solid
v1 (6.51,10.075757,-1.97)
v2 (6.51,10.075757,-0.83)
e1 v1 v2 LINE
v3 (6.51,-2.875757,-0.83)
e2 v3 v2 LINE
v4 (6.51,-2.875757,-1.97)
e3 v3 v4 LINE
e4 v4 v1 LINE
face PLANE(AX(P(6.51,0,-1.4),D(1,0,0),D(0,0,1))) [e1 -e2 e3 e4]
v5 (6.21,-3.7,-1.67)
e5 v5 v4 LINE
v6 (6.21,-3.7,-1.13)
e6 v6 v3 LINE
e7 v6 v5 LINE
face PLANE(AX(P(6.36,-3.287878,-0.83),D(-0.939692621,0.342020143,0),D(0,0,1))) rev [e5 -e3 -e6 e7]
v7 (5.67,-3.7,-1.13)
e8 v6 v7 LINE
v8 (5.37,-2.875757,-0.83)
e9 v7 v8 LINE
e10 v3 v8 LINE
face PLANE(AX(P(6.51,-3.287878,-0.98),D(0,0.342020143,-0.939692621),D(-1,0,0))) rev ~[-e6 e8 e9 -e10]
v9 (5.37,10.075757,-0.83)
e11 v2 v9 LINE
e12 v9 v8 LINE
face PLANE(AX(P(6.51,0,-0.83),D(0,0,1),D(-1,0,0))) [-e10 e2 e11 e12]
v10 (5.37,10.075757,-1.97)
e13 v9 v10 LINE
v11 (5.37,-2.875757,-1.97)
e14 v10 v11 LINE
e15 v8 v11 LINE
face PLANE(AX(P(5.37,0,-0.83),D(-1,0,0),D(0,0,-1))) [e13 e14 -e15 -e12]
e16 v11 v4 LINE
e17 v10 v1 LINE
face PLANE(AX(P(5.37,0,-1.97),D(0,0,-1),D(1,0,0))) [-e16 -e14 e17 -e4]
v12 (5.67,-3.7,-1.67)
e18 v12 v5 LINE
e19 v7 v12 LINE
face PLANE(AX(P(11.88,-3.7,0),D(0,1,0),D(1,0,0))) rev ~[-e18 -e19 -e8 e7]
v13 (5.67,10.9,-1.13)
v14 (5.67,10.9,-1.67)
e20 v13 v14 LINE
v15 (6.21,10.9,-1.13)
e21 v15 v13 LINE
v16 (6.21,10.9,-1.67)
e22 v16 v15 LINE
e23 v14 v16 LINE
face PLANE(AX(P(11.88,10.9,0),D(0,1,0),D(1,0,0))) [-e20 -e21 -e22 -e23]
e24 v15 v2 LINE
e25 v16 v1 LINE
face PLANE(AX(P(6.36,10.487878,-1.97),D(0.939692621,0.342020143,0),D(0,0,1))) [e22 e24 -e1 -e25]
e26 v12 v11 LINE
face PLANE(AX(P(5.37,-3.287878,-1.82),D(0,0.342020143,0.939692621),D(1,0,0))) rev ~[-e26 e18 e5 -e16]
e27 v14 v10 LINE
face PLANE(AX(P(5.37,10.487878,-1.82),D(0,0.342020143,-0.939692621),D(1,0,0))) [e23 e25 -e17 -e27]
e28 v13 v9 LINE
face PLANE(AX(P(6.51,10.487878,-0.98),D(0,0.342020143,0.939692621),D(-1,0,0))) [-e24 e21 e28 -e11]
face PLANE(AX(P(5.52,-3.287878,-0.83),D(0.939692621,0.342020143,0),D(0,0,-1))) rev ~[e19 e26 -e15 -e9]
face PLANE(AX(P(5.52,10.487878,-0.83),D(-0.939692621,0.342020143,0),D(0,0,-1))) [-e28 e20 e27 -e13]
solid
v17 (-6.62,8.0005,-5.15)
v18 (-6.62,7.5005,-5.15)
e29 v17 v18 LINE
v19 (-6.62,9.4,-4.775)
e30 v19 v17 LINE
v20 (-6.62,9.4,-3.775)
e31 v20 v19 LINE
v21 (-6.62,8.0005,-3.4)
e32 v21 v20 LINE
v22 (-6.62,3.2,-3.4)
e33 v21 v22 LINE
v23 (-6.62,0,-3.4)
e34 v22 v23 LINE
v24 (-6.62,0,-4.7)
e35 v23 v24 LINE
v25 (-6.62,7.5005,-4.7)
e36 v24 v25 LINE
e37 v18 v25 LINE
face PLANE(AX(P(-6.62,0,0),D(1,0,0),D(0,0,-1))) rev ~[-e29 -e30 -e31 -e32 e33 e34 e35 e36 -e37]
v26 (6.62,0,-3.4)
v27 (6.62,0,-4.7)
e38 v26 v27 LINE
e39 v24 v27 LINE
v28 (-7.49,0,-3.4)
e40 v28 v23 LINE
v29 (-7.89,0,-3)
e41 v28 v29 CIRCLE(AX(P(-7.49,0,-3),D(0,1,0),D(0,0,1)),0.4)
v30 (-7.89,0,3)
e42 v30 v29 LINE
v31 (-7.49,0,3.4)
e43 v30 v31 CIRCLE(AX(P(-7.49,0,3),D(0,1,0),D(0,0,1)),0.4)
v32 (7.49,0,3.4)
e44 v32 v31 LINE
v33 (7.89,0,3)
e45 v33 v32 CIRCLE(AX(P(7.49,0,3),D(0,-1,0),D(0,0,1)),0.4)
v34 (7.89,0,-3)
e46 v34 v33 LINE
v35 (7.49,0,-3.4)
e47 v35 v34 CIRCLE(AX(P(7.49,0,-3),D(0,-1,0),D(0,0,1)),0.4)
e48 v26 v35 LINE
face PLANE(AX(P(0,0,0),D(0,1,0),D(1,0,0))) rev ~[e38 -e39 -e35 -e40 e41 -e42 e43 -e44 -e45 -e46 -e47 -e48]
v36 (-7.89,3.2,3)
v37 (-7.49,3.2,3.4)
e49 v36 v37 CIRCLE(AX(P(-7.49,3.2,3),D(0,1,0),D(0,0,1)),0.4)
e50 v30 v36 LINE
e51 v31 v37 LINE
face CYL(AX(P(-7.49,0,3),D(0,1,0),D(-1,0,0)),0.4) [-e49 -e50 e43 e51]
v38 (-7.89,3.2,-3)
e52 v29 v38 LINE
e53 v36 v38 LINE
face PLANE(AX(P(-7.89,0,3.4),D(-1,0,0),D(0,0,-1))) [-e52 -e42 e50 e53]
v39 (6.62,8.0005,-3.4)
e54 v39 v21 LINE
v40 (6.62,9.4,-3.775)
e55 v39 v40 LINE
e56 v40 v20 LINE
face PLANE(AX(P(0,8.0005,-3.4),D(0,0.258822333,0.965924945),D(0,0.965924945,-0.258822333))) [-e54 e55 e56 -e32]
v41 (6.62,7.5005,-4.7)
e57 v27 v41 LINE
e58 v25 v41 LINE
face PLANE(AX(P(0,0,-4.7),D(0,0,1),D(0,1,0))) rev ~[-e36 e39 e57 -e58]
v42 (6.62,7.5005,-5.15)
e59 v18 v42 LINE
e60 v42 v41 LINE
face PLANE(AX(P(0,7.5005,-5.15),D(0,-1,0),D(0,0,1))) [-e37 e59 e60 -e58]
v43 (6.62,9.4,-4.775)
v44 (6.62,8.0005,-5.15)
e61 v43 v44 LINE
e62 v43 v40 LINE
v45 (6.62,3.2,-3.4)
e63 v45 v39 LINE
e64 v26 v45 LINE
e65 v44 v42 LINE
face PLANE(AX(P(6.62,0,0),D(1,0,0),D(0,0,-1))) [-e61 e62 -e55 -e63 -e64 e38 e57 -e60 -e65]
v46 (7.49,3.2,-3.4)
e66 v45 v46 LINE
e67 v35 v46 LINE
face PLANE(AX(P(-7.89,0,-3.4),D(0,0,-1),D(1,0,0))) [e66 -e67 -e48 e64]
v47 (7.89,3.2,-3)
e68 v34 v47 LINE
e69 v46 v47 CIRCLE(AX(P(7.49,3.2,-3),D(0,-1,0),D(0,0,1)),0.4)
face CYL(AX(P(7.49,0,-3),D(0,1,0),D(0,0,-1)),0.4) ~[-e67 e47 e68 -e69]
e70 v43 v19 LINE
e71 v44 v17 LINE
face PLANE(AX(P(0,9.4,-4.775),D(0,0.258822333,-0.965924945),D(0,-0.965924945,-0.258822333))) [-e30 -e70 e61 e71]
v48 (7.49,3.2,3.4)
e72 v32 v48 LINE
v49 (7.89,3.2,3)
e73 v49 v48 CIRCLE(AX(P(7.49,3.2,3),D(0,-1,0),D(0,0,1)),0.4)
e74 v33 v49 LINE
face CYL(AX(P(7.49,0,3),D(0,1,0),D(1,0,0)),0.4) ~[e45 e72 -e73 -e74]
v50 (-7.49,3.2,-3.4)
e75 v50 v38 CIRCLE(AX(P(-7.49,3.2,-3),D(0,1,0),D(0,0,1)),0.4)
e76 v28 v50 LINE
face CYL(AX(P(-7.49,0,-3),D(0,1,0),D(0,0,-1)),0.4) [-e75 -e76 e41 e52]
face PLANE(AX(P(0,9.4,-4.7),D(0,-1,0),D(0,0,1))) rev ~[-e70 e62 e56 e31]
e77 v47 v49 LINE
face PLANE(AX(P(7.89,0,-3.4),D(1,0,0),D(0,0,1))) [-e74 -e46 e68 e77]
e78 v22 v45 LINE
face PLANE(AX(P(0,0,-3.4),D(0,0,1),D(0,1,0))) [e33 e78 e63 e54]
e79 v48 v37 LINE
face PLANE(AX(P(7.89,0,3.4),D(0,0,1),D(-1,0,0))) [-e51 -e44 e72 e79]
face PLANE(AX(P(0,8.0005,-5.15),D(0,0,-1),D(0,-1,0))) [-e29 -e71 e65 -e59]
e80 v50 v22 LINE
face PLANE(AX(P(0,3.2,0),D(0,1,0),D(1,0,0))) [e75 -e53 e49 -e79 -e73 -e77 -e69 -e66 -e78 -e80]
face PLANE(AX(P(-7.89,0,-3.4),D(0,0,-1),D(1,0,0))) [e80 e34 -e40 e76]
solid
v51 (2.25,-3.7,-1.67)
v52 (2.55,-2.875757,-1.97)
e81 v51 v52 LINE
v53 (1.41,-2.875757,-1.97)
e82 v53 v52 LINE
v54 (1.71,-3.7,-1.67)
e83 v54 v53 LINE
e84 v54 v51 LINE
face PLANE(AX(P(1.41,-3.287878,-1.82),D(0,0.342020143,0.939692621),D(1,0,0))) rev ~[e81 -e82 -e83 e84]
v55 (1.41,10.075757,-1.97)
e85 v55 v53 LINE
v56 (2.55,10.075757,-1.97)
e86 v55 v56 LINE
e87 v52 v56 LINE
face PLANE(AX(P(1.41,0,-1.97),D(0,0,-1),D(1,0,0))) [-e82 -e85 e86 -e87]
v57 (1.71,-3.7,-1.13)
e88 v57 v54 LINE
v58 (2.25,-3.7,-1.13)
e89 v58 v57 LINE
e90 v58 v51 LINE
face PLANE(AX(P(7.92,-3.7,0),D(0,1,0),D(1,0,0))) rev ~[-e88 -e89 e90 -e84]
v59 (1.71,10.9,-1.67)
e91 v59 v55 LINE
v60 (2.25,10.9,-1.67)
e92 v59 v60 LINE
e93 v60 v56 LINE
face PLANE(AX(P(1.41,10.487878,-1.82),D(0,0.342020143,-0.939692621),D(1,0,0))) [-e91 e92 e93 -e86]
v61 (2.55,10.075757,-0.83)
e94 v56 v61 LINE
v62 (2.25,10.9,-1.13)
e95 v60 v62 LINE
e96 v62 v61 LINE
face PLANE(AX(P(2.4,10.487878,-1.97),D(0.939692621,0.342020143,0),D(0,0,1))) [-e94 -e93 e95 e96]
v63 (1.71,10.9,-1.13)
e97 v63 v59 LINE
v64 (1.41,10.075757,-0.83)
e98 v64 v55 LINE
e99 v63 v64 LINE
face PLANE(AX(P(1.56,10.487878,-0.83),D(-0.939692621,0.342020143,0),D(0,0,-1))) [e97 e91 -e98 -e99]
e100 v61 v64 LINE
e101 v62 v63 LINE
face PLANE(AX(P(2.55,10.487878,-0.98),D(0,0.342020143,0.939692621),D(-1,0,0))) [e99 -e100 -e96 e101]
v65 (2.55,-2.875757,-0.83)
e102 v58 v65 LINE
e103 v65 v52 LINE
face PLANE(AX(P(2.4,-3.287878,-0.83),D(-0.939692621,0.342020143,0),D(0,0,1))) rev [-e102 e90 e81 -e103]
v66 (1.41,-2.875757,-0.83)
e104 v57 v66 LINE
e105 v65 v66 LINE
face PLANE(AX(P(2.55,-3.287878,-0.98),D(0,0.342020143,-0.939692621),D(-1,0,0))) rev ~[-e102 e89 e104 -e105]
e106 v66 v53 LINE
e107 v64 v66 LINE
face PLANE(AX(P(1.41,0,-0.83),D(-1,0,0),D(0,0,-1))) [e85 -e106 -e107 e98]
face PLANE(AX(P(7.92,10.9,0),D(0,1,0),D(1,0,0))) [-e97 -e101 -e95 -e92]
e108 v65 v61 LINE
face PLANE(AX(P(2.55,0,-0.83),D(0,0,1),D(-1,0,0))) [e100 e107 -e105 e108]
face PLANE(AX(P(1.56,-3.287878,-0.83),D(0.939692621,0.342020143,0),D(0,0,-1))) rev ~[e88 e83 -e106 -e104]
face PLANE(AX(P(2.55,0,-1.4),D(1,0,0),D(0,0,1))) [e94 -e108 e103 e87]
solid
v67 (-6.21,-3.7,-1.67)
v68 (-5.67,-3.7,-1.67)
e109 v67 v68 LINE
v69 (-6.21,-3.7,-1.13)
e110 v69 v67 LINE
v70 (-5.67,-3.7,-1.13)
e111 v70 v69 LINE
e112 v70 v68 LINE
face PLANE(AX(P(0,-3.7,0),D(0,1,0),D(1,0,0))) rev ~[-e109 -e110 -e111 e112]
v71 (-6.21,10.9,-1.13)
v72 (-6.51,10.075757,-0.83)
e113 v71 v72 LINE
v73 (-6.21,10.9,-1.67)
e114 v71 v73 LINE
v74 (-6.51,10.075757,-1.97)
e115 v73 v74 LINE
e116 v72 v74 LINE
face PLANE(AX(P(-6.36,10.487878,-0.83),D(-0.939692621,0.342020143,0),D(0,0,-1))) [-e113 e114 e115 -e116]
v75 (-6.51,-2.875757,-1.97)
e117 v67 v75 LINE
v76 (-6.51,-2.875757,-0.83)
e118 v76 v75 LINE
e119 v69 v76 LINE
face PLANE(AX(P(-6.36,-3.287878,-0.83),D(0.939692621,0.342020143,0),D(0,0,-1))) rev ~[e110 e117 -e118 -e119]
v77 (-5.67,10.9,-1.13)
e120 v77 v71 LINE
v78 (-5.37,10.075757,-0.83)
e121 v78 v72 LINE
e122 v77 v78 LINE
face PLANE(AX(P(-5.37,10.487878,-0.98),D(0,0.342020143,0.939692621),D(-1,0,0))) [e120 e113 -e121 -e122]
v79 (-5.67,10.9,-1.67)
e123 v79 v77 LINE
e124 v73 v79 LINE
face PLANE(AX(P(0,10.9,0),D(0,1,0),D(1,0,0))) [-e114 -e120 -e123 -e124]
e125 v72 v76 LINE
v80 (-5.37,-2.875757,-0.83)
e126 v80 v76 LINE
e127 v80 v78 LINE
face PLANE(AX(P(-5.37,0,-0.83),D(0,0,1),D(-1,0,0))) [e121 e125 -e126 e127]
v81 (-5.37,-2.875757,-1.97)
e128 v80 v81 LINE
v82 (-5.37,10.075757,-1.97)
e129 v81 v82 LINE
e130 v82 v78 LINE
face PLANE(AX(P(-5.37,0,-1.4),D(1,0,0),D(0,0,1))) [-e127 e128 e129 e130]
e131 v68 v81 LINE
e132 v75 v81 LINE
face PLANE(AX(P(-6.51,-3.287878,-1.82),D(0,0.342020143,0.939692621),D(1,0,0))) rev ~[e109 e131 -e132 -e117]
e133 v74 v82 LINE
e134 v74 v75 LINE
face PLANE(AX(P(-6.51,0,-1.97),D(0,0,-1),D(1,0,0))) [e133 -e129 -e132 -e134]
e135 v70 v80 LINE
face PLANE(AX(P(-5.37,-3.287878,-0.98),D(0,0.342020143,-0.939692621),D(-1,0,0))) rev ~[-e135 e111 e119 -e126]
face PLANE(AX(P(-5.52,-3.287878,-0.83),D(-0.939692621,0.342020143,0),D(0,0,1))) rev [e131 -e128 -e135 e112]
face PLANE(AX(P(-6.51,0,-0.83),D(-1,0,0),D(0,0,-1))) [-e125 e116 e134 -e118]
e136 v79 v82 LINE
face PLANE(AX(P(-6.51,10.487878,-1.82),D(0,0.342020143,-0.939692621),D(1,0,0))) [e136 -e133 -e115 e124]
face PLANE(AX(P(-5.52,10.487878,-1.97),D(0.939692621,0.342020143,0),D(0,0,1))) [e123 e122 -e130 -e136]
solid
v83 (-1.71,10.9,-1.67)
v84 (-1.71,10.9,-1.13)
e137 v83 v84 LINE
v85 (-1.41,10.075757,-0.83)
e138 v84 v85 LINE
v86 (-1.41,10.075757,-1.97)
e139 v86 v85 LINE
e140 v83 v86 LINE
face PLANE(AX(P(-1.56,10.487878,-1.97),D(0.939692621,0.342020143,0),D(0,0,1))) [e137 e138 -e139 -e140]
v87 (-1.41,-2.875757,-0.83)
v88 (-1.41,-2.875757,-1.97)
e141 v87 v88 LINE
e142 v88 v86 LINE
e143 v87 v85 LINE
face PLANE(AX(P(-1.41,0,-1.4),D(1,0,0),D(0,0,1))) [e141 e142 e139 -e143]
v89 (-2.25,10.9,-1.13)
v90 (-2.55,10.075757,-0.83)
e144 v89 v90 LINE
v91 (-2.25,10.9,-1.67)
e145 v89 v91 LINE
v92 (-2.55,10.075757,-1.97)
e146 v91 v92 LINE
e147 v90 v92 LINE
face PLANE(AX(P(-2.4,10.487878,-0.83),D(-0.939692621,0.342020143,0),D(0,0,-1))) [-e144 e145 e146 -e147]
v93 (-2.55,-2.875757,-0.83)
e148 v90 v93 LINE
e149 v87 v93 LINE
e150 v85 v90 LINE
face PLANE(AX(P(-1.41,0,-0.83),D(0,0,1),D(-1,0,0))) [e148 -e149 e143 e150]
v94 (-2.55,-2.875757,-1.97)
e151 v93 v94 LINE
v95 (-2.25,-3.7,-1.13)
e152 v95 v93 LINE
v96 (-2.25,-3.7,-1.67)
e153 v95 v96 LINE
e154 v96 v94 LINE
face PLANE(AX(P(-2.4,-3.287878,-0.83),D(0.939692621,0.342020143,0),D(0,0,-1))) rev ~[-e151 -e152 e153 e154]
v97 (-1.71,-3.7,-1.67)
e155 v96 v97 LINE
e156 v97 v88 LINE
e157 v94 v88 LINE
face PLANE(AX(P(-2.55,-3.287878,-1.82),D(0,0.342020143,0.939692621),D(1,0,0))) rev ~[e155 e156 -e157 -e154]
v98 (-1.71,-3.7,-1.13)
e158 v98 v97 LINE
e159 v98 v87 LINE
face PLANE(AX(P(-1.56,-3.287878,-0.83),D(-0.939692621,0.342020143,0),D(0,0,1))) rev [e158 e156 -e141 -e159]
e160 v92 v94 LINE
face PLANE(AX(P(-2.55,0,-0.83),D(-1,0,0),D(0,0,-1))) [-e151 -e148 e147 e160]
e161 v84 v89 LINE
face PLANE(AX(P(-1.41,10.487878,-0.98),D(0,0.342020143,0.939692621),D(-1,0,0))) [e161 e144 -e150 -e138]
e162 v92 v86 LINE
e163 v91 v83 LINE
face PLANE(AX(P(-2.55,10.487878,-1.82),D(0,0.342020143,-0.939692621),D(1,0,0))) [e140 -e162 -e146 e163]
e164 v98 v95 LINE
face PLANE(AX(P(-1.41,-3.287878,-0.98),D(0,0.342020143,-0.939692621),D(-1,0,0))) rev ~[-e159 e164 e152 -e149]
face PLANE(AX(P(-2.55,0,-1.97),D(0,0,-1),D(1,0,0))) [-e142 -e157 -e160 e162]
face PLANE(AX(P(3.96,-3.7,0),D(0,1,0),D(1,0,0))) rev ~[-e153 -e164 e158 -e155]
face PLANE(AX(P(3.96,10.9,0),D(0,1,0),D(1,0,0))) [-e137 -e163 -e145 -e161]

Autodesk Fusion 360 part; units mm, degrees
sketch "Skizze1" plane through (0, 0, 0) normal (0, 1, 0) x (1, 0, 0)
  line L0 (-7.89, 3.4) -> (7.89, 3.4)
  line L1 (7.89, 3.4) -> (7.89, -3.4)
  line L2 (7.89, -3.4) -> (-7.89, -3.4)
  line L3 (-7.89, -3.4) -> (-7.89, 3.4)
  line L4 (0, 3.4) -> (0, -3.4) construction
  dimension "d9" = 15.78
  dimension "d10" = 6.8
extrude "Extrusion1" add sketch "Skizze1" along normal blind 3.2 makes body 1
sketch "Skizze3" plane through (0, 0, 0) normal (1, 0, 0) x (0, 0, -1)
  line L0 (3.4, 0) -> (3.4, 3.2)
  line L1 (3.4, 0) -> (4.7, 0)
  line L2 (4.7, 0) -> (4.7, 9.4)
  line L3 (4.7, 9.4) -> (3.4, 9.4) construction
  line L4 (3.4, 9.4) -> (3.4, 0)
  line L5 (4.7, 9.4) -> (5.15, 9.4)
  line L6 (5.15, 9.4) -> (5.15, 0)
  line L7 (5.15, 0) -> (4.7, 0)
  line L8 (4.7, 0) -> (4.7, 9.4) construction
  line L9 (3.4, 8.0005) -> (3.775, 9.4)
  line L10 (4.775, 9.4) -> (5.15, 8.0005)
  line L11 (5.15, 7.5005) -> (4.7, 7.5005)
  line L12 (4.775, 9.4) -> (3.775, 9.4)
  line L13 (3.775, 9.4) -> (4.775, 9.4) construction
  line L14 (4.775, 9.4) -> (5.15, 9.4) construction
  line L15 (3.775, 9.4) -> (3.4, 9.4) construction
  line L16 (5.15, 9.4) -> (4.775, 9.4) construction
  line L17 (5.15, 8.0005) -> (5.15, 7.5005) construction
  line L18 (5.15, 7.5005) -> (5.15, 8.0005) construction
  line L19 (5.15, 9.4) -> (3.4, 9.4)
  line L20 (5.15, 0) -> (3.4, 0)
  dimension "d31" = 9.4
  dimension "d33" = 1.3
  dimension "d35" = 90
  dimension "d36" = 75
  dimension "d37" = 75
  dimension "d39" = 1
  dimension "d42" = 0.5
  dimension "d48" = 1.75
sketch "Skizze2" plane through (0, 0, 0) normal (0, 1, 0) x (1, 0, 0)
  line L0 (-5.37, 0.83) -> (-6.51, 0.83)
  line L1 (-6.51, 0.83) -> (-6.51, 1.97)
  line L2 (-6.51, 1.97) -> (-5.37, 1.97)
  line L3 (-5.37, 1.97) -> (-5.37, 0.83)
  line L4 (-7.89, 3.4) -> (7.89, 3.4)
  line L5 (7.89, 3.4) -> (7.89, -3.4)
  line L6 (7.89, -3.4) -> (-7.89, -3.4)
  line L7 (-7.89, -3.4) -> (-7.89, 3.4)
  line L8 (0, 3.4) -> (0, 1.4) construction
  line L9 (-5.37, 1.4) -> (-6.51, 1.4) construction
  line L10 (0, 1.4) -> (-5.94, 1.4)
  point P0 (-5.94, 1.4)
  dimension "d16" = 1.14
  dimension "d17" = 1.14
  dimension "d24" = 2
  dimension "d26" = 5.94
extrude "Extrusion3" add sketch "Skizze3" along normal mid plane 13.24 contours L0 L1 L2 L4 L9 L12 L19 L20 | L2 L5 L6 L10 L11 L12 L19 bodies 1
extrude "Extrusion2" add sketch "Skizze2" along normal blind 10.9 and the other way blind 3.7 separate body contours L0 L1 L2 L3 makes body 2
chamfer "Fase2" distance 0.3 angle 70 8 edges at (-5.94, 10.9, -0.83) (-5.37, 10.9, -1.4) (-5.94, 10.9, -1.97) (-6.51, 10.9, -1.4) (-5.37, -3.7, -1.4) (-5.94, -3.7, -0.83) (-6.51, -3.7, -1.4) (-5.94, -3.7, -1.97) measured on face at (-5.75, 10.9, -1.21) measured on face at (-5.75, 10.9, -1.21) measured on face at (-5.75, 10.9, -1.21) measured on face at (-5.75, 10.9, -1.21) measured on face at (-5.75, -3.7, -1.21) measured on face at (-5.75, -3.7, -1.21) measured on face at (-5.75, -3.7, -1.21) measured on face at (-5.75, -3.7, -1.21) on bodies 2
pattern_linear "R-Anordnung1" count 4 spacing 3.96 along (1, 0, 0) of bodies 2 makes body 3 at (-1.79, 1.4414, -0.83) makes body 4 at (2.17, 1.4414, -0.83) makes body 5 at (6.13, 1.4414, -0.83)
fillet "Abrundung1" radius 0.4 4 edges at (7.89, 1.6, -3.4) (7.89, 1.6, 3.4) (-7.89, 1.6, 3.4) (-7.89, 1.6, -3.4) on bodies 1
equation "n = 4" comment "Number of pins"
equation "P = 3.96 mm" comment "Pin pitch"
equation "B1 = A1 + ( 1.95 mm * 2 )" comment "Width of bottom plate"
equation "A1 = ( n - 1 ) * P" comment "Total width of all pins"
equation "C1 = 6.8 mm" comment "Height of bottom plate"
equation "H1 = 9.4 mm" comment "Height of latching plate"
equation "O1 = 2 mm" comment "Vertical offset pin-center to bottom plate border"
equation "d9 = B1"
equation "d10 = C1"
equation "D1 = 3.2 mm" comment "Total depth of bottom plate"
equation "Pw = 1.14 mm" comment "Width & height of square pin"
equation "d13 = D1"
equation "d16 = Pw"
equation "d17 = Pw"
equation "LPinTop = 7.7 mm + D1" comment "Length of the pin measured from the bottom plane to the top of the pin (away from PCB)"
equation "LPinBottom = 14.6 mm - LPinTop" comment "Length of the pin in bottom direction, measured from the bottom plane"
equation "d20 = LPinTop"
equation "d22 = LPinBottom"
equation "d24 = O1"
equation "Pin1XOffset = ( ( n - 1 ) * P ) / 2" comment "First pin X offset measured from the X axis"
equation "d26 = Pin1XOffset"
equation "d27 = n"
equation "d29 = P"
equation "d31 = H1"
equation "D2 = 1.3 mm" comment "(Measured) depth of latching plate (narrowest section)"
equation "d33 = D2"
equation "d35 = alpha"
equation "d36 = 90 deg - beta"
equation "d37 = 90 deg - beta"
equation "Wx1 = 1.0 mm" comment "(Measured) Width of the topmost part of the latching plate"
equation "Hx1 = 0.5 mm" comment "(Measured) Height of the latching surface facing away from the pins"
equation "alpha = 90 deg" comment "Angle of the latching surface. Shown by the datasheet as ~45°but real parts have 90°"
equation "d42 = Hx1"
equation "beta = 15 deg" comment "(Estimated) Latching plate tapering angle"
equation "WL1 = 1.27 mm" comment "(Measured) With of the section of the bottom plate where there is no latching plate per side)"
equation "d45 = B1 - ( WL1 * 2 )"
equation "Dlatch = 1.75 mm" comment "(Measured) Total depth of latching plate"
equation "d48 = Dlatch"
equation "d54 = delta"
equation "delta = 70 deg" comment "(Estimated) Taper angle of the pin top & bottoms"
